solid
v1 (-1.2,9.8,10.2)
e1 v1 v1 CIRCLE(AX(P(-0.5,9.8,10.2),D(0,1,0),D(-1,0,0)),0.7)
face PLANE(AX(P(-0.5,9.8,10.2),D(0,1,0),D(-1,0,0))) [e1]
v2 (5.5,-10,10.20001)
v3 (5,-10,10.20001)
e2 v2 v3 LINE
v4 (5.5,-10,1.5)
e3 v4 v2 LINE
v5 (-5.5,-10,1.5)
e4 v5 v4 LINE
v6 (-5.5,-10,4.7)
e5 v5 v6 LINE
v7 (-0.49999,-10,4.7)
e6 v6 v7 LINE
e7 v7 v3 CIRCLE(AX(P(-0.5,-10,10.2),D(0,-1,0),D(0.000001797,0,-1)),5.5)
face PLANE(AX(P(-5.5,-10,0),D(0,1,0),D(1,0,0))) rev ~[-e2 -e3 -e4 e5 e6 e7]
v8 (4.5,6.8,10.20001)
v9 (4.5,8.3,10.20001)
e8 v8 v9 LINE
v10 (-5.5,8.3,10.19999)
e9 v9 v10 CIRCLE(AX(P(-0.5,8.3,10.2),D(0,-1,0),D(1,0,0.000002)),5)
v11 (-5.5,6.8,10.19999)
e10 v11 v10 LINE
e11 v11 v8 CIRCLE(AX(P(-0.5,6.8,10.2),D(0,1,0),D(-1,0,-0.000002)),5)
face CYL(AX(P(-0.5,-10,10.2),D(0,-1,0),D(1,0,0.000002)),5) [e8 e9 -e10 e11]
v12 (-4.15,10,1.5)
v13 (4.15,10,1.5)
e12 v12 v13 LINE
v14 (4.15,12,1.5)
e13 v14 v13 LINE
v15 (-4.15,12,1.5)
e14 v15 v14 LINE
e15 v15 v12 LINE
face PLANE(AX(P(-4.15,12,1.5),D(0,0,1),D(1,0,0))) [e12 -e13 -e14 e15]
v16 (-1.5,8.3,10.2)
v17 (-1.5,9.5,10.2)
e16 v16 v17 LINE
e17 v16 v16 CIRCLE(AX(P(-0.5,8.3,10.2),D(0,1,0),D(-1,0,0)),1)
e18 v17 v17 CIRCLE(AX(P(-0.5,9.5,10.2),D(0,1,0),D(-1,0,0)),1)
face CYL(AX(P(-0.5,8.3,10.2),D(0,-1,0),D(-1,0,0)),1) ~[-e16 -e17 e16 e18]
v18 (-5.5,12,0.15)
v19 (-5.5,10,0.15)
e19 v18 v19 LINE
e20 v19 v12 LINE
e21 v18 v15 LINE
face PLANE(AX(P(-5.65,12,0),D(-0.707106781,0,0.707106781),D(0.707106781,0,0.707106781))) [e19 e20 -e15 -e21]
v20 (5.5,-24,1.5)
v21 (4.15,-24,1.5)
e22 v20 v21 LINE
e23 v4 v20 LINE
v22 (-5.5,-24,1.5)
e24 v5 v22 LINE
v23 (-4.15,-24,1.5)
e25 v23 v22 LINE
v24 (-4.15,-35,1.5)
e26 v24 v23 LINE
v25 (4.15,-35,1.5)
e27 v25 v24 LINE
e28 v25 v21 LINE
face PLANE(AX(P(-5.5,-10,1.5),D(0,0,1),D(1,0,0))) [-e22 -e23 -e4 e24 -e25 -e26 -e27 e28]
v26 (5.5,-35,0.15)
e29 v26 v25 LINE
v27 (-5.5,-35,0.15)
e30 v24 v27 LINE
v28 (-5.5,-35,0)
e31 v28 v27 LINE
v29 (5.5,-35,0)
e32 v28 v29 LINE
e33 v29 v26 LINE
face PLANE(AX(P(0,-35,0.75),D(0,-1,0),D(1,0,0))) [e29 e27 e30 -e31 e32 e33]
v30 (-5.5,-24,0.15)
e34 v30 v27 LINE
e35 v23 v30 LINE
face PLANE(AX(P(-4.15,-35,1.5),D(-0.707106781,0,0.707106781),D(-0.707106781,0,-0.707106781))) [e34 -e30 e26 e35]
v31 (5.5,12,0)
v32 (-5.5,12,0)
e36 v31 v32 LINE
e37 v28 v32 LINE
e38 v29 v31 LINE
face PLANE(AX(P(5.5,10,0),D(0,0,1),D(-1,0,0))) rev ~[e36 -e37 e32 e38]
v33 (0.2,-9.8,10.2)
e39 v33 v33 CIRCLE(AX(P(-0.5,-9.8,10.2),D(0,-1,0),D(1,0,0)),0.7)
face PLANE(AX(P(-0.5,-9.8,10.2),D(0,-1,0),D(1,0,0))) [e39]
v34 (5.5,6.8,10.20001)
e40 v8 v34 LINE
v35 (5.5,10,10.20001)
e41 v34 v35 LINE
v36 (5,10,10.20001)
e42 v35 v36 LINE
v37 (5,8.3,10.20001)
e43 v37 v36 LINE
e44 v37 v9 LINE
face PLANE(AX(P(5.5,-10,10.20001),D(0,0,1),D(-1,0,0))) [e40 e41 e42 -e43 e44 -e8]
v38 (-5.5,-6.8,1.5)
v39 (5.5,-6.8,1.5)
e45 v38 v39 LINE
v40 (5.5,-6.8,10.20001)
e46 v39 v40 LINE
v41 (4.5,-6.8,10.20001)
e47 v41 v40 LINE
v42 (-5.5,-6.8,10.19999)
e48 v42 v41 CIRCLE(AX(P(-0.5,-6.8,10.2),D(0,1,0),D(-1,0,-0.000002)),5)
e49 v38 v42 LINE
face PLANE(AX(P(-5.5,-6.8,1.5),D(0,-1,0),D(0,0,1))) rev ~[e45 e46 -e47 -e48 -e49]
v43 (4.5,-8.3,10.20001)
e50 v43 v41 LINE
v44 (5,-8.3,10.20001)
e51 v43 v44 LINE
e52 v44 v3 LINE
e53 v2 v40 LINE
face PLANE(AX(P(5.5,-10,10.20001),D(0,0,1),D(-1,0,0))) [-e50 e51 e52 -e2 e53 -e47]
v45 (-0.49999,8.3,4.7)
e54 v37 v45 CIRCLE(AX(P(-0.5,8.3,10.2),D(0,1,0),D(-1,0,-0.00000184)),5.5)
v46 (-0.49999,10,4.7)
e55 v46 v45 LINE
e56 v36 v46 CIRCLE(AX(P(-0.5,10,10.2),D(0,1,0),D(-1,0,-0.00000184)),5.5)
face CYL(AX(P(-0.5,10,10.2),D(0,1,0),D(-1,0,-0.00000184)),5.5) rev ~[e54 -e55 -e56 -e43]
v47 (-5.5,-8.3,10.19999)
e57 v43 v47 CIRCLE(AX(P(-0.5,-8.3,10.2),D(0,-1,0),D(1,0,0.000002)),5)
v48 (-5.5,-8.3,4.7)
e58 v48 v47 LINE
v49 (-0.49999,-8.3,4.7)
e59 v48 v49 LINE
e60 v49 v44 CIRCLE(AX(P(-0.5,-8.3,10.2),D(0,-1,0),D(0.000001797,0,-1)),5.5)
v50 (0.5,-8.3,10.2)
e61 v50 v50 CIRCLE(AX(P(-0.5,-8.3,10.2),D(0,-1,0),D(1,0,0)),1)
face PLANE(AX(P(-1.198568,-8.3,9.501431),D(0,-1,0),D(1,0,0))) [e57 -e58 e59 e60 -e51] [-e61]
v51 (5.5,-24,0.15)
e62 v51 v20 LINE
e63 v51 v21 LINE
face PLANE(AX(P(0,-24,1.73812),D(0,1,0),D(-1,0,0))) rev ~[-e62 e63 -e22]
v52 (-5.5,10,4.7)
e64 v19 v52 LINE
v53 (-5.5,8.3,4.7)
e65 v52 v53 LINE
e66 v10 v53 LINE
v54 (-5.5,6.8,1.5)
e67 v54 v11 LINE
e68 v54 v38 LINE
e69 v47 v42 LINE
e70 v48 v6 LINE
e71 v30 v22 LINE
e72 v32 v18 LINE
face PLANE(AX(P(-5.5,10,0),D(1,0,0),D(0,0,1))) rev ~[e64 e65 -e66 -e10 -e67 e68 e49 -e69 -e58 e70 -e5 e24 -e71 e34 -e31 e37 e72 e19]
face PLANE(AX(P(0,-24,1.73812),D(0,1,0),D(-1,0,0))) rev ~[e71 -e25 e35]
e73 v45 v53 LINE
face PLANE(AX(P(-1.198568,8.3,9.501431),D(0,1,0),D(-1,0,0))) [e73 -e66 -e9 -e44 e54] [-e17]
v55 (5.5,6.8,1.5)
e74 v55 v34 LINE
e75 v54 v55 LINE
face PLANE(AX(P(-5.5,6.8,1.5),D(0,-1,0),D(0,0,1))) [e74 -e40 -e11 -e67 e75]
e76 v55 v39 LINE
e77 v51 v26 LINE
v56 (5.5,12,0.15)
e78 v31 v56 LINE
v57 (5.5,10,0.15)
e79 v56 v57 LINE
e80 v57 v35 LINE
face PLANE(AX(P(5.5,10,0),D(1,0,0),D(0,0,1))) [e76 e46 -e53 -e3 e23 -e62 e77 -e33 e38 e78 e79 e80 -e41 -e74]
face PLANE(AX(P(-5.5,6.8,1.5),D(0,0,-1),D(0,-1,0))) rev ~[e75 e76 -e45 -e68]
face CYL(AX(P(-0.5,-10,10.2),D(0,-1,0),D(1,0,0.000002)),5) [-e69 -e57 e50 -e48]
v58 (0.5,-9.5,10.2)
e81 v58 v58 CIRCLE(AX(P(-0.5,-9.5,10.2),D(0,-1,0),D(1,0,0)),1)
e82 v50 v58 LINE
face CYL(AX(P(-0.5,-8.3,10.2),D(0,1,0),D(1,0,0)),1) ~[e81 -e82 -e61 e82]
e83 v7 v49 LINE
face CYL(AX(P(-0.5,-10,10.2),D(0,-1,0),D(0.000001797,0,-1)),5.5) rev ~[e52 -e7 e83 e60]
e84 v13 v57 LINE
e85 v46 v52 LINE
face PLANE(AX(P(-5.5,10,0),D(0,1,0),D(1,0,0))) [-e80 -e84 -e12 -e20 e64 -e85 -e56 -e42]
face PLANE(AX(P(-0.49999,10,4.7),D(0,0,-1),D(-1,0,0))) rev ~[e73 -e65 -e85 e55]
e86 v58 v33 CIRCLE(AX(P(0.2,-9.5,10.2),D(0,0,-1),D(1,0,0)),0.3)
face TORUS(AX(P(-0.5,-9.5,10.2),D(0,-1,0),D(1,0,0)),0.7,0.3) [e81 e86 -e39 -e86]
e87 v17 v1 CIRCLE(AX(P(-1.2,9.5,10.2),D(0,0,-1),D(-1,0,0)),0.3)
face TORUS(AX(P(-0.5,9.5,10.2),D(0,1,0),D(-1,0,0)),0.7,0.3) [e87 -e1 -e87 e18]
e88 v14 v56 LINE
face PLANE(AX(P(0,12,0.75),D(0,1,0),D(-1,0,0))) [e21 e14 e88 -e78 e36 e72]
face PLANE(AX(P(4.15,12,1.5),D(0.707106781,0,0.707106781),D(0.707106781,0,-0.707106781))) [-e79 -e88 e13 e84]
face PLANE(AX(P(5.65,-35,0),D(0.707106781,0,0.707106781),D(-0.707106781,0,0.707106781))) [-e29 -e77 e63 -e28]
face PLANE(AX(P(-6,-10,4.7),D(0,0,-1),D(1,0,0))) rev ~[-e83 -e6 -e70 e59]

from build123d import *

# Parameters (mm, degrees)
SKETCH_W        = 11
SKETCH_H        = 20
PAD_DEPTH       = 15.2
POCKET001_DEPTH = 20
SKETCH008_W     = 13.6
SKETCH008_H     = 13.7
POCKET002_DEPTH = 11
POCKET003_DEPTH = 1.7
POCKET004_DEPTH = 1.7
SKETCH011_R     = 1
PAD001_DEPTH    = 1.5
FILLET_R        = 0.3
SKETCH012_R     = 1
PAD002_DEPTH    = 1.5
FILLET001_R     = 0.3
SKETCH013_W     = 11
SKETCH013_H     = 1.5
PAD003_DEPTH    = 25
SKETCH014_W     = 11
SKETCH014_H     = 1.5
PAD004_DEPTH    = 2
POCKET_DEPTH    = 11
POCKET005_DEPTH = 2


with BuildPart() as part:
    # Sketch → Pad (new body)
    with BuildSketch(Plane.XY):
        Rectangle(SKETCH_W, SKETCH_H)
    extrude(amount=PAD_DEPTH)

    # Sketch007 → Pocket001 (cut)
    with BuildSketch(Plane.XZ.offset(10)):
        with BuildLine():
            ThreePointArc((4.5, 10.20001), (-0.50001, 15.2), (-5.5, 10.19999))
            Line((-5.5, 10.19999), (-5.5, 16.2))
            Line((-5.5, 16.2), (5.5, 16.2))
            Line((5.5, 16.2), (5.5, 10.20001))
            Line((5.5, 10.20001), (4.5, 10.20001))
        make_face()
    extrude(amount=-POCKET001_DEPTH, mode=Mode.SUBTRACT)

    # Sketch008 (on Face7 of Pocket001) → Pocket002 (cut)
    with BuildSketch(Plane(origin=(-5.5, 0, 0), x_dir=(0, -1, 0), z_dir=(-1, 0, 0))):
        with Locations((0, 8.35)):
            Rectangle(SKETCH008_W, SKETCH008_H)
    extrude(amount=-POCKET002_DEPTH, mode=Mode.SUBTRACT)

    # Sketch009 (on Face8 of Pocket002) → Pocket003 (cut)
    with BuildSketch(Plane.XZ.offset(10)):
        with BuildLine():
            ThreePointArc((-0.49999, 4.7), (3.389081, 14.089094), (-6, 10.19999))
            Line((-6, 10.19999), (-6, 4.7))
            Line((-6, 4.7), (-0.49999, 4.7))
        make_face()
    extrude(amount=-POCKET003_DEPTH, mode=Mode.SUBTRACT)

    # Sketch010 (on Face1 of Pocket003) → Pocket004 (cut)
    with BuildSketch(Plane(origin=(0, 10, 0), x_dir=(-1, 0, 0), z_dir=(0, 1, 0))):
        with BuildLine():
            ThreePointArc((6, 10.19999), (-3.389081, 14.089094), (0.49999, 4.7))
            Line((0.49999, 4.7), (6, 4.7))
            Line((6, 4.7), (6, 10.19999))
        make_face()
    extrude(amount=-POCKET004_DEPTH, mode=Mode.SUBTRACT)

    # Sketch011 (on Face17 of Pocket004) → Pad001 (join)
    with BuildSketch(Plane.XZ.offset(8.3)):
        with Locations((-0.5, 10.2)):
            Circle(SKETCH011_R)
    extrude(amount=PAD001_DEPTH)

    # Fillet
    fillet_edges = [part.edges().sort_by_distance(p)[0] for p in [
        (-1.5, -9.8, 10.2),
    ]]
    fillet(fillet_edges, radius=FILLET_R)

    # Sketch012 (on Face15 of Fillet) → Pad002 (join)
    with BuildSketch(Plane(origin=(0, 8.3, 0), x_dir=(-1, 0, 0), z_dir=(0, 1, 0))):
        with Locations((0.5, 10.2)):
            Circle(SKETCH012_R)
    extrude(amount=PAD002_DEPTH)

    # Fillet001
    fillet001_edges = [part.edges().sort_by_distance(p)[0] for p in [
        (0.5, 9.8, 10.2),
    ]]
    fillet(fillet001_edges, radius=FILLET001_R)

    # Sketch013 (on Face20 of Fillet001) → Pad003 (join)
    with BuildSketch(Plane.XZ.offset(10)):
        with Locations((0, 0.75)):
            Rectangle(SKETCH013_W, SKETCH013_H)
    extrude(amount=PAD003_DEPTH)

    # Sketch014 (on Face11 of Pad003) → Pad004 (join)
    with BuildSketch(Plane(origin=(0, 10, 0), x_dir=(-1, 0, 0), z_dir=(0, 1, 0))):
        with Locations((0, 0.75)):
            Rectangle(SKETCH014_W, SKETCH014_H)
    extrude(amount=PAD004_DEPTH)

    # Sketch015 (on Face29 of Pad004) → Pocket (cut)
    with BuildSketch(Plane.XZ.offset(35)):
        Polygon((-4.15, 1.5), (-5.65, 0), (-5.65, 2.5), (5.65, 2.5), (5.65, 0), (4.15, 1.5), align=None)
    extrude(amount=-POCKET_DEPTH, mode=Mode.SUBTRACT)

    # Sketch016 (on Face33 of Pocket) → Pocket005 (cut)
    with BuildSketch(Plane(origin=(0, 12, 0), x_dir=(-1, 0, 0), z_dir=(0, 1, 0))):
        Polygon((-4.15, 1.5), (-5.65, 0), (-5.65, 2.5), (5.65, 2.5), (5.65, 0), (4.15, 1.5), align=None)
    extrude(amount=-POCKET005_DEPTH, mode=Mode.SUBTRACT)


solid = part.part
